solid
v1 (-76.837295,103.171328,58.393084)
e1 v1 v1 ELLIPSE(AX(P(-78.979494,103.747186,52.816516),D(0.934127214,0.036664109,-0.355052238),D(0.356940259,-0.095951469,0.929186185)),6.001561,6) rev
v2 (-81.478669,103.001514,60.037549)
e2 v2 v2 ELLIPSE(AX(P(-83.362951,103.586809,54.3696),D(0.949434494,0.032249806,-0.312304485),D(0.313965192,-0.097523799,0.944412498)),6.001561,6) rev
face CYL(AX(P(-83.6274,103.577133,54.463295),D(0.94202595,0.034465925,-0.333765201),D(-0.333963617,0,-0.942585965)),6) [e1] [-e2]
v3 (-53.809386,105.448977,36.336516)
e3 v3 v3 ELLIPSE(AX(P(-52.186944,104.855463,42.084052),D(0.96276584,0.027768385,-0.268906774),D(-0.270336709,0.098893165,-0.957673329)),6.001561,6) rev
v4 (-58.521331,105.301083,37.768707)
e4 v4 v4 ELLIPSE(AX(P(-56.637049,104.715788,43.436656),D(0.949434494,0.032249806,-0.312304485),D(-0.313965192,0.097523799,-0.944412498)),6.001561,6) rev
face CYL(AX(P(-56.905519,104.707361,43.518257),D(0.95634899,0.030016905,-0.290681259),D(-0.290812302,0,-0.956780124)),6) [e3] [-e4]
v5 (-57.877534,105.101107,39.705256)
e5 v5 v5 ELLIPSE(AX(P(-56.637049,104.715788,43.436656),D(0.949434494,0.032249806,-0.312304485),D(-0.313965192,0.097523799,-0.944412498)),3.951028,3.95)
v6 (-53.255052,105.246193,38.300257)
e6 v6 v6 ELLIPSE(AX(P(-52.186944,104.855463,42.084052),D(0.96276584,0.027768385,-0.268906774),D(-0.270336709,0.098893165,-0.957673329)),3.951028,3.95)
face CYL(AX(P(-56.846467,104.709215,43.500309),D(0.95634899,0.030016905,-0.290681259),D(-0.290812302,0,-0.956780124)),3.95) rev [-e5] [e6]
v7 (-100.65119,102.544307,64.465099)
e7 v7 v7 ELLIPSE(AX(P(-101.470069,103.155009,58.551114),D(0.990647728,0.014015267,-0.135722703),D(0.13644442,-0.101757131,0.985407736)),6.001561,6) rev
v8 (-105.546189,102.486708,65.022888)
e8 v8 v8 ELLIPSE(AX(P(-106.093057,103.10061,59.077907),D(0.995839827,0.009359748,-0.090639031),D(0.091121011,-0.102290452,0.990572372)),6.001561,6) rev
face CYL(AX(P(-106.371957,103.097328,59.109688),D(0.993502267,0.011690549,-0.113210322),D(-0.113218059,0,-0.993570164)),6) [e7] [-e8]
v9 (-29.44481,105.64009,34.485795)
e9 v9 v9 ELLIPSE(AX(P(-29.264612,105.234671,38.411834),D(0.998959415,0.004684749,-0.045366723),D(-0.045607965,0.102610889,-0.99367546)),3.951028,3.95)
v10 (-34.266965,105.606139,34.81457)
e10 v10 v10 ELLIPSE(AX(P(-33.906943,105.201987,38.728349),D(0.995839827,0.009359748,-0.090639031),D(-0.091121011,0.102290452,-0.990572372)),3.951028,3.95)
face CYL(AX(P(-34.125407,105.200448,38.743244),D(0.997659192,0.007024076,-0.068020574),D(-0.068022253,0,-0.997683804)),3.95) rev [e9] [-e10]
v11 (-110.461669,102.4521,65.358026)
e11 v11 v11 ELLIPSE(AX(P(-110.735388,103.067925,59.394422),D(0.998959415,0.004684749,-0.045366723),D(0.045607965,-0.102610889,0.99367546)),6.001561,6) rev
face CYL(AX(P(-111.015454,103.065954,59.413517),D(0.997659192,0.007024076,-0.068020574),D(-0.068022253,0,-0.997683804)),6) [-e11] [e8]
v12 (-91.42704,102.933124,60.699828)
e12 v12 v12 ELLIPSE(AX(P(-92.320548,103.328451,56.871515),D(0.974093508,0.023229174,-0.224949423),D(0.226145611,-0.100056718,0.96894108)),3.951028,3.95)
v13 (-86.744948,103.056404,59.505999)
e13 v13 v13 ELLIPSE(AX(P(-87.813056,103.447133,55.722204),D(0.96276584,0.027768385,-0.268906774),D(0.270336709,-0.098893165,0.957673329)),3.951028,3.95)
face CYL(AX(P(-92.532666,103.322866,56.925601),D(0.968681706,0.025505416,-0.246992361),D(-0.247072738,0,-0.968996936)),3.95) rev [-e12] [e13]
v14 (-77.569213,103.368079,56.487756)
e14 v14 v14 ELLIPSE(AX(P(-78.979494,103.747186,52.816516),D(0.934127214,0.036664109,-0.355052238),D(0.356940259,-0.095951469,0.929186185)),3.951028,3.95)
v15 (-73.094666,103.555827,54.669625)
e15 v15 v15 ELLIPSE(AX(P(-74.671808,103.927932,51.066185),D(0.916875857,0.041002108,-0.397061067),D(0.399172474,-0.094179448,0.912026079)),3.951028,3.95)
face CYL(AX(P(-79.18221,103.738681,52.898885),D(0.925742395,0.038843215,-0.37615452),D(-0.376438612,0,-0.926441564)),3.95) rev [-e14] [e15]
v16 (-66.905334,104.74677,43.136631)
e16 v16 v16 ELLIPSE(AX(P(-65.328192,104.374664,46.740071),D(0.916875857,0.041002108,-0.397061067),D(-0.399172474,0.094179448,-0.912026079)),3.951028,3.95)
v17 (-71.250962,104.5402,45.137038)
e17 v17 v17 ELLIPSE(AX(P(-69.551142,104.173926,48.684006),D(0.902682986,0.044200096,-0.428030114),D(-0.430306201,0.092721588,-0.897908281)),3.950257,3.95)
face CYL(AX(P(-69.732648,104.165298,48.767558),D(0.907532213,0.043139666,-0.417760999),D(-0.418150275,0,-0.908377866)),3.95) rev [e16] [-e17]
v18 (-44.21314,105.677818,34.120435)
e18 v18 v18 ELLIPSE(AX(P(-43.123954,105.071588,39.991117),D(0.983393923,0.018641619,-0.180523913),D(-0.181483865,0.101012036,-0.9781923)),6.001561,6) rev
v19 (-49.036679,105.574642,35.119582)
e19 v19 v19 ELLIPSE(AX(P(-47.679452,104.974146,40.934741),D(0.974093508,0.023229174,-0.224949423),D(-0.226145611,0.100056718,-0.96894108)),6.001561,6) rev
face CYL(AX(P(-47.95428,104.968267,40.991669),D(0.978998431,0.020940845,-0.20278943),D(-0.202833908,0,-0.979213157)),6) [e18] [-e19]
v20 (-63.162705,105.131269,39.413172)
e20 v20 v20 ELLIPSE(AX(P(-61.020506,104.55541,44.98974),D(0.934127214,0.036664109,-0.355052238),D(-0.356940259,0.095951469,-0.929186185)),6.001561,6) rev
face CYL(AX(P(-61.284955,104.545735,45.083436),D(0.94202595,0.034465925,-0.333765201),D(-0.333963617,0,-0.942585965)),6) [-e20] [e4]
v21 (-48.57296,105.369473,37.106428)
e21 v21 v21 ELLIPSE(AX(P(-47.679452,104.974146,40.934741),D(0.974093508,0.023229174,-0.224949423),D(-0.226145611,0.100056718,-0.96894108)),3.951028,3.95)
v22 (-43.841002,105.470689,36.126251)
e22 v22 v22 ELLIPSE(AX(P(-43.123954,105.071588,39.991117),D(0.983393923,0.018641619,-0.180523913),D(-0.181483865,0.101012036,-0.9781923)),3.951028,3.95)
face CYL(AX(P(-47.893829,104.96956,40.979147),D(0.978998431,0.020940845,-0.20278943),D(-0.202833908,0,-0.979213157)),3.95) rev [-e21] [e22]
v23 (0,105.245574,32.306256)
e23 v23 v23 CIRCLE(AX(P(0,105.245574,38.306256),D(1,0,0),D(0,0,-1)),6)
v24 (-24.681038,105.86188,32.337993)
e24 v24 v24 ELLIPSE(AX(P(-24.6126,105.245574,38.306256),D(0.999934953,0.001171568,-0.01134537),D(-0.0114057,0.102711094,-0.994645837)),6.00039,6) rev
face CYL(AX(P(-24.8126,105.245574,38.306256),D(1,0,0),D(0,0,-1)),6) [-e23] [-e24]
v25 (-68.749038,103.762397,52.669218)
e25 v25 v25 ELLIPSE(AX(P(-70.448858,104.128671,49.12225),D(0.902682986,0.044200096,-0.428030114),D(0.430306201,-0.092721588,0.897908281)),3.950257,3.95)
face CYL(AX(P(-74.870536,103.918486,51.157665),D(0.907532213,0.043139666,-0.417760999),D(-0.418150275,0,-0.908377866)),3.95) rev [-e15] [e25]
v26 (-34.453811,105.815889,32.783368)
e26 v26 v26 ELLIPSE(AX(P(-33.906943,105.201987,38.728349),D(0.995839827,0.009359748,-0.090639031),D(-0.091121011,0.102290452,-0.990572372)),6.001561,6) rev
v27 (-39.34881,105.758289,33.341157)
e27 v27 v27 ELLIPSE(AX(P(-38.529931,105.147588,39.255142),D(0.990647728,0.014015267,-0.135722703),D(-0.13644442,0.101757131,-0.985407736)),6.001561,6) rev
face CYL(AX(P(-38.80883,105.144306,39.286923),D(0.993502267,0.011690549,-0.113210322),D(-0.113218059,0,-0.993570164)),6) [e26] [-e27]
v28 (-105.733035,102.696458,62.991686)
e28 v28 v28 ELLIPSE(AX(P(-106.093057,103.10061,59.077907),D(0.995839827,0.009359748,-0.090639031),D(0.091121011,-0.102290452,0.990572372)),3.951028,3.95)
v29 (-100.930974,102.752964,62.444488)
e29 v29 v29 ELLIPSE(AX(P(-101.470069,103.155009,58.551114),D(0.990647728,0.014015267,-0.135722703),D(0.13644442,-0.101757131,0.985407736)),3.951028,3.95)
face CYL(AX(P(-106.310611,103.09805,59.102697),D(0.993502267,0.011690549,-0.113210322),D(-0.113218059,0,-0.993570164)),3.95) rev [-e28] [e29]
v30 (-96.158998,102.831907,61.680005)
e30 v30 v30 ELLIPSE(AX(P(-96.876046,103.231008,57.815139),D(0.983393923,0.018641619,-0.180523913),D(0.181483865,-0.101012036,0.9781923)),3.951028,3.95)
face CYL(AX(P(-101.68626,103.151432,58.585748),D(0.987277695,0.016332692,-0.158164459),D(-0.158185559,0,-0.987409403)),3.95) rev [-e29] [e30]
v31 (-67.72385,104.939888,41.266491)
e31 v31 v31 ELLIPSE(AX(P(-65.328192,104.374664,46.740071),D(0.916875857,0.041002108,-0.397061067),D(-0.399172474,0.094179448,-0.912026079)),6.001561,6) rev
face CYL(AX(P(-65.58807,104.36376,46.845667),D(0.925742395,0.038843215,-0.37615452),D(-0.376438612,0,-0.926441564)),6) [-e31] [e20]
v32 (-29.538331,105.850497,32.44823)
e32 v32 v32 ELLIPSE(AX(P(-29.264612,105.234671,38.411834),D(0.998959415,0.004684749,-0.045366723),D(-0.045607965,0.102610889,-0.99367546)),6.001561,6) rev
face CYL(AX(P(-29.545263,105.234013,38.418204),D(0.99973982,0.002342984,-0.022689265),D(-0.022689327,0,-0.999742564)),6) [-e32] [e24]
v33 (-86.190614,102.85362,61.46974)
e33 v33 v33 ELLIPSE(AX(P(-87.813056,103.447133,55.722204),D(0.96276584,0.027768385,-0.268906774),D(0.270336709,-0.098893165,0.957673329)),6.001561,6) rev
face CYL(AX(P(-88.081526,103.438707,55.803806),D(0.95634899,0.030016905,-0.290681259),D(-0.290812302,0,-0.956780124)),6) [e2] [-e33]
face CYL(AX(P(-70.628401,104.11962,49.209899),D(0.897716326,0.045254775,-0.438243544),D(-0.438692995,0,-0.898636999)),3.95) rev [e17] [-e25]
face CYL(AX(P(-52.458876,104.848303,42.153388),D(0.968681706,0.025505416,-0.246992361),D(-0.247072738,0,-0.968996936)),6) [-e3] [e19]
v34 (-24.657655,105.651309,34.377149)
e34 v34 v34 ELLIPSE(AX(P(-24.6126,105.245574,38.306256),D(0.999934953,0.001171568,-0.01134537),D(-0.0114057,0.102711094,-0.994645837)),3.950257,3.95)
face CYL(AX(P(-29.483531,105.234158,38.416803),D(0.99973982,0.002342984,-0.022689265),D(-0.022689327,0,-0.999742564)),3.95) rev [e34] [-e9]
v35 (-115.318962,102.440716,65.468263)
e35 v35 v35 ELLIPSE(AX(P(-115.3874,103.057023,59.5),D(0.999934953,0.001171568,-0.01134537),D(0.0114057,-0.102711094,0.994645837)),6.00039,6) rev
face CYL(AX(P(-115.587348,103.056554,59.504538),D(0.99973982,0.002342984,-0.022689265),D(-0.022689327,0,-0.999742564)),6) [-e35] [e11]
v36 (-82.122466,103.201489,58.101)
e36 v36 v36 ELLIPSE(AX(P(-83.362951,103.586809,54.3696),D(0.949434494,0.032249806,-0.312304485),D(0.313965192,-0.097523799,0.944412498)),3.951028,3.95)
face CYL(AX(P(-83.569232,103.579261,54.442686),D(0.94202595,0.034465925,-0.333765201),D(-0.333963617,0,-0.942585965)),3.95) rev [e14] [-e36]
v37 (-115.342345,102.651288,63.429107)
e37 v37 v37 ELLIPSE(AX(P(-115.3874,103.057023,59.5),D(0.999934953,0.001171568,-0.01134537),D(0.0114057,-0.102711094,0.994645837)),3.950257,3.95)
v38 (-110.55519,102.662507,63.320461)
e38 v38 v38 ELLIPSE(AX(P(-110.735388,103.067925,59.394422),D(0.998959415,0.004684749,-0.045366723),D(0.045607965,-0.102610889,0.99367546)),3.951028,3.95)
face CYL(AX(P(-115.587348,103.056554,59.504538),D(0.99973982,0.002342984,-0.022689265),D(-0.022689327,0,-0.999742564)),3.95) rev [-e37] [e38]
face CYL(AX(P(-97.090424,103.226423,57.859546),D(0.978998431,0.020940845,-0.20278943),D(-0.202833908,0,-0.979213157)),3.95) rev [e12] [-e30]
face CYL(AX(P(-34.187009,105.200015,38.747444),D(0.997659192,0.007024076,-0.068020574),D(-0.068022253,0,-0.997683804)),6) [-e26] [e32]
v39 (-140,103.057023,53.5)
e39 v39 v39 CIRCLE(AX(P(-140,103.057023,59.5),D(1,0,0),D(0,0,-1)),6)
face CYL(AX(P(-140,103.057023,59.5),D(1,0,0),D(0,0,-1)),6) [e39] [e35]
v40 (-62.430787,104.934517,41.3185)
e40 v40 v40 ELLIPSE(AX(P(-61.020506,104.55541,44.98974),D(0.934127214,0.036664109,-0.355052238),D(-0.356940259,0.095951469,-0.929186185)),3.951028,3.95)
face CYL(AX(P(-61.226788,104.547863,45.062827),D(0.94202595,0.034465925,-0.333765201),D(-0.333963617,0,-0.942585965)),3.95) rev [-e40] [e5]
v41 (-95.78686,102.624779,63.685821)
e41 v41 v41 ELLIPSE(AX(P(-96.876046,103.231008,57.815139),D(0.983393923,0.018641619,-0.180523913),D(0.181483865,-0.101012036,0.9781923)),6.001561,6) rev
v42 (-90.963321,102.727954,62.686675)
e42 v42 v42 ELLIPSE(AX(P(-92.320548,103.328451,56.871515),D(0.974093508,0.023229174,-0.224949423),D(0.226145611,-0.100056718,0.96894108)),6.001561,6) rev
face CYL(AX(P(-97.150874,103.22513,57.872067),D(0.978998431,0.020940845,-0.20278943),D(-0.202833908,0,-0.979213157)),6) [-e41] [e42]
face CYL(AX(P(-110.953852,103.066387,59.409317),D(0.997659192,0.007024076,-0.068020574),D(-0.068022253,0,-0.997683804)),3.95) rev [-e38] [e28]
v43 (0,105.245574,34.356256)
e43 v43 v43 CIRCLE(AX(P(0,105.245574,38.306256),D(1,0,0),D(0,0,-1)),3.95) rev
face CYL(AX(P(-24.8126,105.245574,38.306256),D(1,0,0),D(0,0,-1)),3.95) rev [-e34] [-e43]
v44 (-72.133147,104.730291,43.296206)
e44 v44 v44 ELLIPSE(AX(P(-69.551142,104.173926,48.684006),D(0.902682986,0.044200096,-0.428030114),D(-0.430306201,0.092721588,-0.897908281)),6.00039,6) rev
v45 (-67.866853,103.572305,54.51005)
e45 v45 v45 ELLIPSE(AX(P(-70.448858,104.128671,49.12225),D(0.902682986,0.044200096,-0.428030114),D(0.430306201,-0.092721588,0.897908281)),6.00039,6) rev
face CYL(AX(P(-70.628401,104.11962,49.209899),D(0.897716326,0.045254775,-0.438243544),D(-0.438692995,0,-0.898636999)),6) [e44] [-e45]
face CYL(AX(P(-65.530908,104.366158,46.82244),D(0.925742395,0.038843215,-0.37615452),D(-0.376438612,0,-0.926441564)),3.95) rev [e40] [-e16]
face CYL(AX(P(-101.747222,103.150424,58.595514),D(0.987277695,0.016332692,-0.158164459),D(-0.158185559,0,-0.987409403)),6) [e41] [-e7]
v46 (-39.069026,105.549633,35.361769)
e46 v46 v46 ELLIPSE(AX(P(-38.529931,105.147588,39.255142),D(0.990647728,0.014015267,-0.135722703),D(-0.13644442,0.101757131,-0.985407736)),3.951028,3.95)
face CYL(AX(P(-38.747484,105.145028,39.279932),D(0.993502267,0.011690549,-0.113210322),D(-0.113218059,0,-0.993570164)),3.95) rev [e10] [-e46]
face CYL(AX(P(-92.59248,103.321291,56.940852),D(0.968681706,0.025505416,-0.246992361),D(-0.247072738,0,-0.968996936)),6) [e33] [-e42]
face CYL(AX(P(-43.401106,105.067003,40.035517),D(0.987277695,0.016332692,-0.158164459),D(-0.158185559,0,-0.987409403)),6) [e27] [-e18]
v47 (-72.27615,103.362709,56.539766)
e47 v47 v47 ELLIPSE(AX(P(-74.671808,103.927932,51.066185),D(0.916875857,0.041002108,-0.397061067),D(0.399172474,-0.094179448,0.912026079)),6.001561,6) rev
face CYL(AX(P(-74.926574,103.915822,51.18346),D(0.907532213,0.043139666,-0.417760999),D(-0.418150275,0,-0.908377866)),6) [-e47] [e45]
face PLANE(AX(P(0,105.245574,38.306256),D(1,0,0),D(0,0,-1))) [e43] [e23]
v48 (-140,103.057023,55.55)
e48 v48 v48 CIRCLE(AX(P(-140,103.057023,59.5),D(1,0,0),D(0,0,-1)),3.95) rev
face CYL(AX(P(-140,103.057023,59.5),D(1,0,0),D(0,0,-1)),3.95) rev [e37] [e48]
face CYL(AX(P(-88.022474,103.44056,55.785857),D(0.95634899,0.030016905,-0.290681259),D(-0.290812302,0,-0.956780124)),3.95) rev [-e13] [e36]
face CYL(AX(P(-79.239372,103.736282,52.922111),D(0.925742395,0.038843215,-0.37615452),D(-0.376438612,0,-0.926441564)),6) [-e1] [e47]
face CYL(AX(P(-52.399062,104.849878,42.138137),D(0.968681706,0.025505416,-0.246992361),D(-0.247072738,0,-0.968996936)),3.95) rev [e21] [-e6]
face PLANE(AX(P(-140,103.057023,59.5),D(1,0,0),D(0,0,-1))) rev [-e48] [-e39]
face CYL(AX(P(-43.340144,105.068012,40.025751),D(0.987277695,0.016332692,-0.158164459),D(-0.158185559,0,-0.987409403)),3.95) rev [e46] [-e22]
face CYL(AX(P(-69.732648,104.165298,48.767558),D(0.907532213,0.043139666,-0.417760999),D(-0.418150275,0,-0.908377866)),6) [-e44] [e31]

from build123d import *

# Parameters (mm, degrees)
PROFILE_R   = 6
PROFILE_R_2 = 3.95


with BuildPart() as part:
    # Tube: sweep along a curve in space
    with BuildLine() as tube_path:
        Line((-140, 103.05702305, 59.5), (-115.387400297, 103.05702305, 59.5))
        Line((-115.387400297, 103.05702305, 59.5), (-110.735387898, 103.067925477, 59.394421789))
        Line((-110.735387898, 103.067925477, 59.394421789), (-106.093057124, 103.100610068, 59.077906882))
        Line((-106.093057124, 103.100610068, 59.077906882), (-101.470069452, 103.155008801, 58.551114001))
        Line((-101.470069452, 103.155008801, 58.551114001), (-96.876046101, 103.231008462, 57.81513949))
        Line((-96.876046101, 103.231008462, 57.81513949), (-92.320548011, 103.328450885, 56.871515038))
        Line((-92.320548011, 103.328450885, 56.871515038), (-87.813055945, 103.447133273, 55.722204485))
        Line((-87.813055945, 103.447133273, 55.722204485), (-83.362950757, 103.586808631, 54.369599743))
        Line((-83.362950757, 103.586808631, 54.369599743), (-78.979493869, 103.747186268, 52.81651581))
        Line((-78.979493869, 103.747186268, 52.81651581), (-74.671807996, 103.927932413, 51.066184917))
        Line((-74.671807996, 103.927932413, 51.066184917), (-70.448858163, 104.128670902, 49.122249798))
        Line((-70.448858163, 104.128670902, 49.122249798), (-69.551141837, 104.173925677, 48.684006254))
        Line((-69.551141837, 104.173925677, 48.684006254), (-65.328192004, 104.374664166, 46.740071136))
        Line((-65.328192004, 104.374664166, 46.740071136), (-61.020506131, 104.55541031, 44.989740243))
        Line((-61.020506131, 104.55541031, 44.989740243), (-56.637049243, 104.715787948, 43.43665631))
        Line((-56.637049243, 104.715787948, 43.43665631), (-52.186944055, 104.855463305, 42.084051567))
        Line((-52.186944055, 104.855463305, 42.084051567), (-47.679451989, 104.974145694, 40.934741015))
        Line((-47.679451989, 104.974145694, 40.934741015), (-43.123953899, 105.071588116, 39.991116562))
        Line((-43.123953899, 105.071588116, 39.991116562), (-38.529930548, 105.147587778, 39.255142051))
        Line((-38.529930548, 105.147587778, 39.255142051), (-33.906942876, 105.20198651, 38.72834917))
        Line((-33.906942876, 105.20198651, 38.72834917), (-29.264612102, 105.234671101, 38.411834263))
        Line((-29.264612102, 105.234671101, 38.411834263), (-24.612599703, 105.245573528, 38.306256052))
        Line((-24.612599703, 105.245573528, 38.306256052), (0, 105.245573528, 38.306256052))
    # Profile → Tube (sweep)
    with BuildSketch(Plane(origin=(-140, 0, 0), x_dir=(0, 0, -1), z_dir=(1, 0, 0))):
        with Locations((-59.5, 103.05702305)):
            Circle(PROFILE_R)
        with Locations((-59.5, 103.05702305)):
            Circle(PROFILE_R_2, mode=Mode.SUBTRACT)
    sweep(path=tube_path.line, transition=Transition.RIGHT)


solid = part.part
